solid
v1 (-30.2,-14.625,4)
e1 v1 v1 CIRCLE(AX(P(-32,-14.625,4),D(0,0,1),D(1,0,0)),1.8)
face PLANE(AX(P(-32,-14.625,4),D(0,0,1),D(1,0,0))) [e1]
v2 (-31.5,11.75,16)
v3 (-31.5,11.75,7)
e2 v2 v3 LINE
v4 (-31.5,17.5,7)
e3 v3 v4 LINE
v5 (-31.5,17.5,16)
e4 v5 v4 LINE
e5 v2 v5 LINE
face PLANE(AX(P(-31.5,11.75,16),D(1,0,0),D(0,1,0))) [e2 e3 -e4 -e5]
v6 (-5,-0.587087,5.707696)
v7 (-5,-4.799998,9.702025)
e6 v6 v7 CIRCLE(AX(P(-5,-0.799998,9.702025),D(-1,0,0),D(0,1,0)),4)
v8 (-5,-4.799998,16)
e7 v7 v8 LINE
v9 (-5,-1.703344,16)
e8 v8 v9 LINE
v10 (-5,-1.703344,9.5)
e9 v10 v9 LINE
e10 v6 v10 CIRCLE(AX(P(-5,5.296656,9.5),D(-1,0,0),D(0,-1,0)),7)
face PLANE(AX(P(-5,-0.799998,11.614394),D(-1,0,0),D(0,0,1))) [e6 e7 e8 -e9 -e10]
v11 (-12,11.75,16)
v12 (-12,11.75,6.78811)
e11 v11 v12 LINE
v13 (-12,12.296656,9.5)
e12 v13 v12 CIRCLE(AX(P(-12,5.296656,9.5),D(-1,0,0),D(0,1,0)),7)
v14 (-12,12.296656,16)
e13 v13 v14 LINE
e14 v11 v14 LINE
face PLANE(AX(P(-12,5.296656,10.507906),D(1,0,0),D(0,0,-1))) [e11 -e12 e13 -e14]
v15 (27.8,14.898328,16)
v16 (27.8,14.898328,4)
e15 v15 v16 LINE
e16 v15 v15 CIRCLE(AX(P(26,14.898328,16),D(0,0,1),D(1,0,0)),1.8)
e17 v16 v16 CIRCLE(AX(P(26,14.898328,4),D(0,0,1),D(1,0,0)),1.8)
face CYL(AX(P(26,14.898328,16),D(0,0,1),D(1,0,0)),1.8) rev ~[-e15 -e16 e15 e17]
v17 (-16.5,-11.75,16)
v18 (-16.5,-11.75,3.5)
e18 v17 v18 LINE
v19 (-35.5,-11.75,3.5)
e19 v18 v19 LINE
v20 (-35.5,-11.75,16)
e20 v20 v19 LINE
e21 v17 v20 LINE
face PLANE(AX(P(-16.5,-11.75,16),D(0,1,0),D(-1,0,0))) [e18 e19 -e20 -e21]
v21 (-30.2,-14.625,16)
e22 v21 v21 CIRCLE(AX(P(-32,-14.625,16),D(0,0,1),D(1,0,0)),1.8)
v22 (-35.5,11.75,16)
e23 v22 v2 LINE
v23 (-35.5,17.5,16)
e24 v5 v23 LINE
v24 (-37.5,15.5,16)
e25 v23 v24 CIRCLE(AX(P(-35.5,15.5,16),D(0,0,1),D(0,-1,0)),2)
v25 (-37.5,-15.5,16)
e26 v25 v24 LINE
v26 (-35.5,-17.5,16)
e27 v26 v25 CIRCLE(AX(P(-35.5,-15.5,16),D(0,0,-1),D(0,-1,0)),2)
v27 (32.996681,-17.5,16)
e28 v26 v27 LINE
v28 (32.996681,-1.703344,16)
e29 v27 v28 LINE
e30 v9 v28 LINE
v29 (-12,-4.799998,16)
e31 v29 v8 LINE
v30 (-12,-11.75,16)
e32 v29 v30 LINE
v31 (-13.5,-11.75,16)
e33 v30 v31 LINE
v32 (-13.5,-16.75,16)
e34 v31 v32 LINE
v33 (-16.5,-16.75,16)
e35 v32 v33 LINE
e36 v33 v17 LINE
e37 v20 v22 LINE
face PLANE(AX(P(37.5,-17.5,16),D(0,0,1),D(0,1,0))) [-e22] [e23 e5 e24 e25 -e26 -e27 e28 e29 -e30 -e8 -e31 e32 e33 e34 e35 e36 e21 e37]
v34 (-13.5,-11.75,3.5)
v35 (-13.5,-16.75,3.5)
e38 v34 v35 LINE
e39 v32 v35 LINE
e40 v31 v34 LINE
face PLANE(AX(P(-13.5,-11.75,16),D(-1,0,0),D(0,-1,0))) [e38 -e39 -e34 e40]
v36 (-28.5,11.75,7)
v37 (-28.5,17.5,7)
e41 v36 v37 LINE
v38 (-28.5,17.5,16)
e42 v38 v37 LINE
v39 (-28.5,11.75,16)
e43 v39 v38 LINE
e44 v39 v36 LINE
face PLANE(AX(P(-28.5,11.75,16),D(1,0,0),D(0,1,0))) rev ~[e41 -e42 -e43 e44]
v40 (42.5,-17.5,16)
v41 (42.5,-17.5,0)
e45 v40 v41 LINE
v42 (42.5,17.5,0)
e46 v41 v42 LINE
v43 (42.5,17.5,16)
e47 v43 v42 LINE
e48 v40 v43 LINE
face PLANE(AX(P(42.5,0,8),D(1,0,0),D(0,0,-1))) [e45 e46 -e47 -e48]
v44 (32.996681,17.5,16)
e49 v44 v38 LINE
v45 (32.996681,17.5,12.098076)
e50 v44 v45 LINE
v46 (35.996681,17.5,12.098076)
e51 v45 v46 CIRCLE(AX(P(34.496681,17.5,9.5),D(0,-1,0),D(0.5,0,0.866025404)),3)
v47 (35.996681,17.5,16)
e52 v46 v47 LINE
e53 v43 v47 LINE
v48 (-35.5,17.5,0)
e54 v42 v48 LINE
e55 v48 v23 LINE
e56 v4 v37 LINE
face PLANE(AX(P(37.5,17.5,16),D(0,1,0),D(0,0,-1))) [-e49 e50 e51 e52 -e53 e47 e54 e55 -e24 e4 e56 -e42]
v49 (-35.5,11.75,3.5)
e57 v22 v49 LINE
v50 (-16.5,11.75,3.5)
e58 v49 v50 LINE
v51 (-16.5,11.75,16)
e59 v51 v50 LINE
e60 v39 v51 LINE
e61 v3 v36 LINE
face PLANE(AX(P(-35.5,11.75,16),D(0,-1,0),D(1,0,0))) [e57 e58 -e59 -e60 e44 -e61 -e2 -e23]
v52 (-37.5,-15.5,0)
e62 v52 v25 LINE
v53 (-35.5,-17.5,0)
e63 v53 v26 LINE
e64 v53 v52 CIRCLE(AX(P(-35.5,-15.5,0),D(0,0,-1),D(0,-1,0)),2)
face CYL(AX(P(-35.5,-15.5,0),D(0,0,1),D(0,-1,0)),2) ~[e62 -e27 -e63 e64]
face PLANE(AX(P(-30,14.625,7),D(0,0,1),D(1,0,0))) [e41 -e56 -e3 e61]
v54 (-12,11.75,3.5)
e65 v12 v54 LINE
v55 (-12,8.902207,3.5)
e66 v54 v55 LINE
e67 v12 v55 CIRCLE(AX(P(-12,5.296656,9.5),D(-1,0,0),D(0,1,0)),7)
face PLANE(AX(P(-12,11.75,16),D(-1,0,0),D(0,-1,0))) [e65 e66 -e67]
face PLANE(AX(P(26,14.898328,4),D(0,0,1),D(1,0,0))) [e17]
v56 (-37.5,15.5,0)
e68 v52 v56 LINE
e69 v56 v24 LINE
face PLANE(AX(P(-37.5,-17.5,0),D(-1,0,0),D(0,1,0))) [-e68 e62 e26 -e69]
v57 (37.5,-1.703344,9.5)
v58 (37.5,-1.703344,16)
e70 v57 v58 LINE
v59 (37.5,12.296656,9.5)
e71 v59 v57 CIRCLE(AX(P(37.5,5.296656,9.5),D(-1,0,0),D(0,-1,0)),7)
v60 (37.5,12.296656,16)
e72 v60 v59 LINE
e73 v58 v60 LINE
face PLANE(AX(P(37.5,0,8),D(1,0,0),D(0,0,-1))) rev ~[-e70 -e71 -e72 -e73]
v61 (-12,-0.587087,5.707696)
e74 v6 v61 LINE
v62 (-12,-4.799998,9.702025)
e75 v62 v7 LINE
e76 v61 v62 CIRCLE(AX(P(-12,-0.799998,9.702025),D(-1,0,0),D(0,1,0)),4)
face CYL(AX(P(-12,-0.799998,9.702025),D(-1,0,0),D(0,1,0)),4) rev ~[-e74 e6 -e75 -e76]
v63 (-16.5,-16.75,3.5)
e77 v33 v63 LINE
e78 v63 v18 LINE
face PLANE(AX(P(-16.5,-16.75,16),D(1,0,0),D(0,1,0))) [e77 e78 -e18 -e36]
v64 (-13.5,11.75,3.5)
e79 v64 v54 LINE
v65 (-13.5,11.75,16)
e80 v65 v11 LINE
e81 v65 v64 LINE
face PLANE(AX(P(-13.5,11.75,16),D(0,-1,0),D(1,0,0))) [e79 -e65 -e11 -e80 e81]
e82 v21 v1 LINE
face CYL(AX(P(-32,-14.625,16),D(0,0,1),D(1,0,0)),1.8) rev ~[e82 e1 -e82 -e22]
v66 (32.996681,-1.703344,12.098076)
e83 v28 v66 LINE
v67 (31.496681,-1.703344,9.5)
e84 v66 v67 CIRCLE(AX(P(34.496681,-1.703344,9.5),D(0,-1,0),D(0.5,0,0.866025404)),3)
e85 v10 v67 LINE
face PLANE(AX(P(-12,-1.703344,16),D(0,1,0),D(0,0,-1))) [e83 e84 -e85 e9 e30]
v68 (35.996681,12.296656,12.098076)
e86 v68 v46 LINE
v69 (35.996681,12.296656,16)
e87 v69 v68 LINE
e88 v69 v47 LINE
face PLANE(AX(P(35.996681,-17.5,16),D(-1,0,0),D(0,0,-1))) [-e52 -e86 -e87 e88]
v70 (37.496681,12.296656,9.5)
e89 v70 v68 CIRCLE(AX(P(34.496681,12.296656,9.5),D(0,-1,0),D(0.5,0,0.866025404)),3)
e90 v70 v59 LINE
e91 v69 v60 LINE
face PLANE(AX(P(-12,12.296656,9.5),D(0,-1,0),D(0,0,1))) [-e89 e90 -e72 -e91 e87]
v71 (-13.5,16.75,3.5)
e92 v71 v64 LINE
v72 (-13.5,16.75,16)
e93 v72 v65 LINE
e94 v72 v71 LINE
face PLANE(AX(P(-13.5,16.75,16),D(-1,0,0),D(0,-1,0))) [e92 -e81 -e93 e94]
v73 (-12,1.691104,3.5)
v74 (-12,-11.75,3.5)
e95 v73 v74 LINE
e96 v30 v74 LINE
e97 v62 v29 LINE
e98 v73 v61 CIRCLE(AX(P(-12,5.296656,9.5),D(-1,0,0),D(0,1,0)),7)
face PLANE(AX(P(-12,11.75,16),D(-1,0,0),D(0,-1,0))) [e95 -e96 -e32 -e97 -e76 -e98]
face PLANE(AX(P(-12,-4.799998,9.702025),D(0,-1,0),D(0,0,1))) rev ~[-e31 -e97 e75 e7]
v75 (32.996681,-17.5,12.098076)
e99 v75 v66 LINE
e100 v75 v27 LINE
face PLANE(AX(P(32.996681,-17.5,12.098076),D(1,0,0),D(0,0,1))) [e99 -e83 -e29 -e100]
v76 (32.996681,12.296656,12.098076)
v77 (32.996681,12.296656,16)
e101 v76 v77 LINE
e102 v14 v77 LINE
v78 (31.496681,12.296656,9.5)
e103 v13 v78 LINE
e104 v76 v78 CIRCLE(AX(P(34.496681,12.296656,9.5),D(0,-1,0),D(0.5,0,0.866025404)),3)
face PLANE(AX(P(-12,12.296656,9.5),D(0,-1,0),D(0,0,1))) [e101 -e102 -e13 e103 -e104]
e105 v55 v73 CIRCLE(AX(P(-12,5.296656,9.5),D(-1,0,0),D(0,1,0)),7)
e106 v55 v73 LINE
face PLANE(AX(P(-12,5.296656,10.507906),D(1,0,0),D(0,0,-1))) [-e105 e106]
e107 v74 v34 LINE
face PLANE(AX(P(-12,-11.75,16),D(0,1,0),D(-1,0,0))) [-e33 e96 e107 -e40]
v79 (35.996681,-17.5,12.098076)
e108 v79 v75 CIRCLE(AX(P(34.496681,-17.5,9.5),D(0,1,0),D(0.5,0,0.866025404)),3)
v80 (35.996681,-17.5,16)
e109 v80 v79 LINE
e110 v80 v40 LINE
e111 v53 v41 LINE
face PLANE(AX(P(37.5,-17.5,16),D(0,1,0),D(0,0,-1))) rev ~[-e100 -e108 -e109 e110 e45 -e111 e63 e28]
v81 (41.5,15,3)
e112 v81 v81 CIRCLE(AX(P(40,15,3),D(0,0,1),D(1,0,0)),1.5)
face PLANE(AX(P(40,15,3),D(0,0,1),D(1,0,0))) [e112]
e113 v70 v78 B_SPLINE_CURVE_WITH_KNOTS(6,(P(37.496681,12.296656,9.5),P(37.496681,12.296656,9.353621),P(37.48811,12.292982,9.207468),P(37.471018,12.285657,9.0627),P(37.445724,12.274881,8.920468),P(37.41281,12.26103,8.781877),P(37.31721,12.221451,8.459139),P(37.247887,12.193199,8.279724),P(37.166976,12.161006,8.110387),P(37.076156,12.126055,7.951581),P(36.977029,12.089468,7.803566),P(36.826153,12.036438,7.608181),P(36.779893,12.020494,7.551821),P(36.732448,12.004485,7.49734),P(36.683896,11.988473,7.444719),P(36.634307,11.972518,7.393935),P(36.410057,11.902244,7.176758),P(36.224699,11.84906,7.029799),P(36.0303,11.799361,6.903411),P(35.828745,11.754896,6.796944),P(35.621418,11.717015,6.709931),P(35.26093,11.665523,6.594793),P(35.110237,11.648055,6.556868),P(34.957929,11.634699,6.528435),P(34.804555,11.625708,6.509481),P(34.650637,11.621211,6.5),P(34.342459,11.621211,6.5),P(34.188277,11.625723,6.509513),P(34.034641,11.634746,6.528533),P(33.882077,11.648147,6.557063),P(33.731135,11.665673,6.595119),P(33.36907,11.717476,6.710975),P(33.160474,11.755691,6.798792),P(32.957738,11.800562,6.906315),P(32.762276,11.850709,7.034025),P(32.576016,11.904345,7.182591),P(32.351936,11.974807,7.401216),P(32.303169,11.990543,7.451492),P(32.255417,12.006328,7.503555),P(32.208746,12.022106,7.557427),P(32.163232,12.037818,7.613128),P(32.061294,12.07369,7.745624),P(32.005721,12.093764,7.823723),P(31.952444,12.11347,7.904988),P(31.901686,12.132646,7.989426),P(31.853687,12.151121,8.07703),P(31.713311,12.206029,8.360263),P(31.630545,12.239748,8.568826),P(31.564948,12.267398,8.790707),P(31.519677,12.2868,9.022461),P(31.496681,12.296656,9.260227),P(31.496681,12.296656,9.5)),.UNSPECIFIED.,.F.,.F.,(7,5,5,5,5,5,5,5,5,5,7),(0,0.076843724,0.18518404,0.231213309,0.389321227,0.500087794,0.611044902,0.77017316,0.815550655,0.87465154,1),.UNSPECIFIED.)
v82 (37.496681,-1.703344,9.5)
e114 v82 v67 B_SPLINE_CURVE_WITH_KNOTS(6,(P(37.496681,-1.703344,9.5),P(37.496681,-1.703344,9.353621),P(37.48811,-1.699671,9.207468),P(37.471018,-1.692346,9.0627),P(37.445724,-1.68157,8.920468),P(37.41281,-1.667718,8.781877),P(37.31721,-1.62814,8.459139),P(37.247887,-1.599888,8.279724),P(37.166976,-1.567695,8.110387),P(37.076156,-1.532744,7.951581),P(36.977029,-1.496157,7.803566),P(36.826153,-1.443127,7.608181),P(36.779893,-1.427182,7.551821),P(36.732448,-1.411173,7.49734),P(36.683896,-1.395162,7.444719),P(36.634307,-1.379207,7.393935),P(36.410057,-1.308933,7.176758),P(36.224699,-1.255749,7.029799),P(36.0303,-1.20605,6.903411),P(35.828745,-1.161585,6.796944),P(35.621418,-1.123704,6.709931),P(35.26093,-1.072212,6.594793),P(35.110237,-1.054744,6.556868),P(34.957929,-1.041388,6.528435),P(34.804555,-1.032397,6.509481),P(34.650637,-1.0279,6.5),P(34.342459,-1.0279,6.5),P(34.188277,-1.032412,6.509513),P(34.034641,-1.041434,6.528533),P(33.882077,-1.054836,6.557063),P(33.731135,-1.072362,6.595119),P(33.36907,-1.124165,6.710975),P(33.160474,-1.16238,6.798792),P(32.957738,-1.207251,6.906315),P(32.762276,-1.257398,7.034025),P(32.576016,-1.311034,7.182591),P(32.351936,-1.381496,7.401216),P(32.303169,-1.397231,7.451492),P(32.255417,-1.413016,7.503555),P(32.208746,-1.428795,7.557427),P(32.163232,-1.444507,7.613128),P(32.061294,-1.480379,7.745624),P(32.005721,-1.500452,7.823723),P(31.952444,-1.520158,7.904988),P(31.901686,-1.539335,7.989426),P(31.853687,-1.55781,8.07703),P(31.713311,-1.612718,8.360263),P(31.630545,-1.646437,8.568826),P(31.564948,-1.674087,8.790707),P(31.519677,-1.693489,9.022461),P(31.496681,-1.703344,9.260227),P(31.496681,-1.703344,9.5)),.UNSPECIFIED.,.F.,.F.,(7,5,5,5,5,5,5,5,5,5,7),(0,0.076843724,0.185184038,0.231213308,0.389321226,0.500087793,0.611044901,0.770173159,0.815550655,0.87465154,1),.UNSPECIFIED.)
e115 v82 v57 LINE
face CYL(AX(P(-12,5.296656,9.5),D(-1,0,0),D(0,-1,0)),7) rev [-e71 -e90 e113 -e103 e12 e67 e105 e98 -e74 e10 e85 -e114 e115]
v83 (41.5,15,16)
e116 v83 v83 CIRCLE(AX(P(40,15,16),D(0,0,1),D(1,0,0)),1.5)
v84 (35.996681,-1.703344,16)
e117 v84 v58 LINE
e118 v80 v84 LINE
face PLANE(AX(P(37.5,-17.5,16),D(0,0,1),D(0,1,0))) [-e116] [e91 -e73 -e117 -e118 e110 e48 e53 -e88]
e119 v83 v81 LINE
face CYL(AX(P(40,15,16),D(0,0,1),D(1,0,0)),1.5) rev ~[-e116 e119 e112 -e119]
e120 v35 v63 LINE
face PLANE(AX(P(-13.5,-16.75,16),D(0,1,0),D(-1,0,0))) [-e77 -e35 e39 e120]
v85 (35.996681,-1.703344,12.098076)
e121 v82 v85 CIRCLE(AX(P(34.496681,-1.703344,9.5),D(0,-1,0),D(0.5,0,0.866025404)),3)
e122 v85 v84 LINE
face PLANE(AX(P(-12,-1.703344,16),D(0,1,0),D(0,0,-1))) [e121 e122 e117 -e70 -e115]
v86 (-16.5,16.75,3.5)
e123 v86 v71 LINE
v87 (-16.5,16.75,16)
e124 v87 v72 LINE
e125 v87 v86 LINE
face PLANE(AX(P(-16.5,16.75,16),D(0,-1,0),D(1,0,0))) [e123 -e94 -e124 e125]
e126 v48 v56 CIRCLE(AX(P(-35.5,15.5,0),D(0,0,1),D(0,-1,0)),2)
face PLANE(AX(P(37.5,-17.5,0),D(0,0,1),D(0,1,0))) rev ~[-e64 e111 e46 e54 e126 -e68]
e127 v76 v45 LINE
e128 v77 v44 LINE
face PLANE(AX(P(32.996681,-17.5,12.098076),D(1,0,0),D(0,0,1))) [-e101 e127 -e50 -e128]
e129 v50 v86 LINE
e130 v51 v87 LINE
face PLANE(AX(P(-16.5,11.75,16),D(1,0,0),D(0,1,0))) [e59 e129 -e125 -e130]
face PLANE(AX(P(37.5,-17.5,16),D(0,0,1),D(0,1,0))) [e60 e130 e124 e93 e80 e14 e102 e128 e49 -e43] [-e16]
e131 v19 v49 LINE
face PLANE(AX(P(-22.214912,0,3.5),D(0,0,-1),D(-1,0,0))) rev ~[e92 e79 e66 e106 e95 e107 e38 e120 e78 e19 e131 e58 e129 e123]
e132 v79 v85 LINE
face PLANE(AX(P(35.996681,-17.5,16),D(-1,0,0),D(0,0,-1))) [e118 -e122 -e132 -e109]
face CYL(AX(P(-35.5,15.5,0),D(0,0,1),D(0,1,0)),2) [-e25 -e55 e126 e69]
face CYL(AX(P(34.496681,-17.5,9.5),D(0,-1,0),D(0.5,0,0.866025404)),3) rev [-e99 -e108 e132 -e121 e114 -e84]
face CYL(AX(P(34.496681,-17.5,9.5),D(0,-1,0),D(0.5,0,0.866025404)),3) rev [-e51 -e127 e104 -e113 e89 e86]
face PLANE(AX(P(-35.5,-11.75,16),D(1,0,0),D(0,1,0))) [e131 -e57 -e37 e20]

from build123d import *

# Parameters (mm, degrees)
SKETCH1_W           = 75
SKETCH1_H           = 35
BOSS_EXTRUDE5_DEPTH = 16
CUT_EXTRUDE1_DEPTH  = 12.5
CUT_EXTRUDE2_REACH  = 56.886
CUT_EXTRUDE3_DEPTH  = 7
SKETCH6_W           = 16
SKETCH6_H           = 35
BOSS_EXTRUDE6_DEPTH = 5
CUT_EXTRUDE4_DEPTH  = 58.334544561
SKETCH8_R           = 1.5
CUT_EXTRUDE5_DEPTH  = 13
SKETCH10_W          = 3
SKETCH10_H          = 5.75
CUT_EXTRUDE6_DEPTH  = 9
FILLET1_R           = 2
SKETCH11_R          = 1.8
CUT_EXTRUDE7_DEPTH  = 12


with BuildPart() as part:
    # Sketch1 → Boss-Extrude5 (new body)
    with BuildSketch(Plane.XY):
        Rectangle(SKETCH1_W, SKETCH1_H)
    extrude(amount=BOSS_EXTRUDE5_DEPTH)

    # Sketch2 → Cut-Extrude1 (cut)
    with BuildSketch(Plane.XY.offset(16)):
        Polygon((-35.5, 11.75), (-16.5, 11.75), (-16.5, 16.75), (-13.5, 16.75), (-13.5, 11.75), (-12, 11.75), (-12, -11.75), (-13.5, -11.75), (-13.5, -16.75), (-16.5, -16.75), (-16.5, -11.75), (-35.5, -11.75), align=None)
    extrude(amount=-CUT_EXTRUDE1_DEPTH, mode=Mode.SUBTRACT)

    # Sketch3 → Cut-Extrude2 (cut, up to next)
    with BuildSketch(Plane.ZY.offset(12), mode=Mode.PRIVATE) as cut_extrude2_sk1:
        with BuildLine():
            Line((9.5, 12.296655642), (16, 12.296655642))
            Line((16, 12.296655642), (16, -1.703344358))
            Line((16, -1.703344358), (9.5, -1.703344358))
            ThreePointArc((9.5, -1.703344358), (2.5, 5.296655642), (9.5, 12.296655642))
        make_face()
    cut_extrude2_tool1 = extrude(cut_extrude2_sk1.sketch, amount=-CUT_EXTRUDE2_REACH, mode=Mode.PRIVATE) & part.part
    add(cut_extrude2_tool1.solids().sort_by_distance((-12, 5.296656, 9.899379))[0], mode=Mode.SUBTRACT)

    # Sketch5 → Cut-Extrude3 (cut)
    with BuildSketch(Plane.ZY.offset(12)):
        with BuildLine():
            Line((9.702025117, -4.799998018), (16, -4.799998018))
            Line((16, -4.799998018), (16, 3.200001982))
            Line((16, 3.200001982), (9.702025117, 3.200001982))
            ThreePointArc((9.702025117, 3.200001982), (5.702025117, -0.799998018), (9.702025117, -4.799998018))
        make_face()
    extrude(amount=-CUT_EXTRUDE3_DEPTH, mode=Mode.SUBTRACT)

    # Sketch6 → Boss-Extrude6 (add)
    with BuildSketch(Plane(origin=(37.5, 0, 0), x_dir=(0, 0, -1), z_dir=(1, 0, 0))):
        with Locations((-8, 0)):
            Rectangle(SKETCH6_W, SKETCH6_H)
    extrude(amount=BOSS_EXTRUDE6_DEPTH)

    # Sketch7 → Cut-Extrude4 (cut, through all)
    with BuildSketch(Plane.XZ.offset(17.5)):
        with BuildLine():
            Line((32.99668066, 12.098076211), (32.99668066, 16))
            Line((32.99668066, 16), (35.99668066, 16))
            Line((35.99668066, 16), (35.99668066, 12.098076211))
            ThreePointArc((35.99668066, 12.098076211), (34.49668066, 6.5), (32.99668066, 12.098076211))
        make_face()
    extrude(amount=-CUT_EXTRUDE4_DEPTH, mode=Mode.SUBTRACT)

    # Sketch8 → Cut-Extrude5 (cut)
    with BuildSketch(Plane.XY.offset(16)):
        with Locations((40, 15)):
            Circle(SKETCH8_R)
    extrude(amount=-CUT_EXTRUDE5_DEPTH, mode=Mode.SUBTRACT)

    # Sketch10 → Cut-Extrude6 (cut)
    with BuildSketch(Plane.XY.offset(16)):
        with Locations((-30, 14.625)):
            Rectangle(SKETCH10_W, SKETCH10_H)
    extrude(amount=-CUT_EXTRUDE6_DEPTH, mode=Mode.SUBTRACT)

    # Fillet1
    fillet1_edges = [part.edges().sort_by_distance(p)[0] for p in [
        (-37.5, -17.5, 8),
        (-37.5, 17.5, 8),
    ]]
    fillet(fillet1_edges, radius=FILLET1_R)

    # Sketch11 → Cut-Extrude7 (cut)
    with BuildSketch(Plane.XY.offset(16)):
        with Locations((-32, -14.625)):
            Circle(SKETCH11_R)
        with Locations((26, 14.898327821)):
            Circle(SKETCH11_R)
    extrude(amount=-CUT_EXTRUDE7_DEPTH, mode=Mode.SUBTRACT)


solid = part.part
